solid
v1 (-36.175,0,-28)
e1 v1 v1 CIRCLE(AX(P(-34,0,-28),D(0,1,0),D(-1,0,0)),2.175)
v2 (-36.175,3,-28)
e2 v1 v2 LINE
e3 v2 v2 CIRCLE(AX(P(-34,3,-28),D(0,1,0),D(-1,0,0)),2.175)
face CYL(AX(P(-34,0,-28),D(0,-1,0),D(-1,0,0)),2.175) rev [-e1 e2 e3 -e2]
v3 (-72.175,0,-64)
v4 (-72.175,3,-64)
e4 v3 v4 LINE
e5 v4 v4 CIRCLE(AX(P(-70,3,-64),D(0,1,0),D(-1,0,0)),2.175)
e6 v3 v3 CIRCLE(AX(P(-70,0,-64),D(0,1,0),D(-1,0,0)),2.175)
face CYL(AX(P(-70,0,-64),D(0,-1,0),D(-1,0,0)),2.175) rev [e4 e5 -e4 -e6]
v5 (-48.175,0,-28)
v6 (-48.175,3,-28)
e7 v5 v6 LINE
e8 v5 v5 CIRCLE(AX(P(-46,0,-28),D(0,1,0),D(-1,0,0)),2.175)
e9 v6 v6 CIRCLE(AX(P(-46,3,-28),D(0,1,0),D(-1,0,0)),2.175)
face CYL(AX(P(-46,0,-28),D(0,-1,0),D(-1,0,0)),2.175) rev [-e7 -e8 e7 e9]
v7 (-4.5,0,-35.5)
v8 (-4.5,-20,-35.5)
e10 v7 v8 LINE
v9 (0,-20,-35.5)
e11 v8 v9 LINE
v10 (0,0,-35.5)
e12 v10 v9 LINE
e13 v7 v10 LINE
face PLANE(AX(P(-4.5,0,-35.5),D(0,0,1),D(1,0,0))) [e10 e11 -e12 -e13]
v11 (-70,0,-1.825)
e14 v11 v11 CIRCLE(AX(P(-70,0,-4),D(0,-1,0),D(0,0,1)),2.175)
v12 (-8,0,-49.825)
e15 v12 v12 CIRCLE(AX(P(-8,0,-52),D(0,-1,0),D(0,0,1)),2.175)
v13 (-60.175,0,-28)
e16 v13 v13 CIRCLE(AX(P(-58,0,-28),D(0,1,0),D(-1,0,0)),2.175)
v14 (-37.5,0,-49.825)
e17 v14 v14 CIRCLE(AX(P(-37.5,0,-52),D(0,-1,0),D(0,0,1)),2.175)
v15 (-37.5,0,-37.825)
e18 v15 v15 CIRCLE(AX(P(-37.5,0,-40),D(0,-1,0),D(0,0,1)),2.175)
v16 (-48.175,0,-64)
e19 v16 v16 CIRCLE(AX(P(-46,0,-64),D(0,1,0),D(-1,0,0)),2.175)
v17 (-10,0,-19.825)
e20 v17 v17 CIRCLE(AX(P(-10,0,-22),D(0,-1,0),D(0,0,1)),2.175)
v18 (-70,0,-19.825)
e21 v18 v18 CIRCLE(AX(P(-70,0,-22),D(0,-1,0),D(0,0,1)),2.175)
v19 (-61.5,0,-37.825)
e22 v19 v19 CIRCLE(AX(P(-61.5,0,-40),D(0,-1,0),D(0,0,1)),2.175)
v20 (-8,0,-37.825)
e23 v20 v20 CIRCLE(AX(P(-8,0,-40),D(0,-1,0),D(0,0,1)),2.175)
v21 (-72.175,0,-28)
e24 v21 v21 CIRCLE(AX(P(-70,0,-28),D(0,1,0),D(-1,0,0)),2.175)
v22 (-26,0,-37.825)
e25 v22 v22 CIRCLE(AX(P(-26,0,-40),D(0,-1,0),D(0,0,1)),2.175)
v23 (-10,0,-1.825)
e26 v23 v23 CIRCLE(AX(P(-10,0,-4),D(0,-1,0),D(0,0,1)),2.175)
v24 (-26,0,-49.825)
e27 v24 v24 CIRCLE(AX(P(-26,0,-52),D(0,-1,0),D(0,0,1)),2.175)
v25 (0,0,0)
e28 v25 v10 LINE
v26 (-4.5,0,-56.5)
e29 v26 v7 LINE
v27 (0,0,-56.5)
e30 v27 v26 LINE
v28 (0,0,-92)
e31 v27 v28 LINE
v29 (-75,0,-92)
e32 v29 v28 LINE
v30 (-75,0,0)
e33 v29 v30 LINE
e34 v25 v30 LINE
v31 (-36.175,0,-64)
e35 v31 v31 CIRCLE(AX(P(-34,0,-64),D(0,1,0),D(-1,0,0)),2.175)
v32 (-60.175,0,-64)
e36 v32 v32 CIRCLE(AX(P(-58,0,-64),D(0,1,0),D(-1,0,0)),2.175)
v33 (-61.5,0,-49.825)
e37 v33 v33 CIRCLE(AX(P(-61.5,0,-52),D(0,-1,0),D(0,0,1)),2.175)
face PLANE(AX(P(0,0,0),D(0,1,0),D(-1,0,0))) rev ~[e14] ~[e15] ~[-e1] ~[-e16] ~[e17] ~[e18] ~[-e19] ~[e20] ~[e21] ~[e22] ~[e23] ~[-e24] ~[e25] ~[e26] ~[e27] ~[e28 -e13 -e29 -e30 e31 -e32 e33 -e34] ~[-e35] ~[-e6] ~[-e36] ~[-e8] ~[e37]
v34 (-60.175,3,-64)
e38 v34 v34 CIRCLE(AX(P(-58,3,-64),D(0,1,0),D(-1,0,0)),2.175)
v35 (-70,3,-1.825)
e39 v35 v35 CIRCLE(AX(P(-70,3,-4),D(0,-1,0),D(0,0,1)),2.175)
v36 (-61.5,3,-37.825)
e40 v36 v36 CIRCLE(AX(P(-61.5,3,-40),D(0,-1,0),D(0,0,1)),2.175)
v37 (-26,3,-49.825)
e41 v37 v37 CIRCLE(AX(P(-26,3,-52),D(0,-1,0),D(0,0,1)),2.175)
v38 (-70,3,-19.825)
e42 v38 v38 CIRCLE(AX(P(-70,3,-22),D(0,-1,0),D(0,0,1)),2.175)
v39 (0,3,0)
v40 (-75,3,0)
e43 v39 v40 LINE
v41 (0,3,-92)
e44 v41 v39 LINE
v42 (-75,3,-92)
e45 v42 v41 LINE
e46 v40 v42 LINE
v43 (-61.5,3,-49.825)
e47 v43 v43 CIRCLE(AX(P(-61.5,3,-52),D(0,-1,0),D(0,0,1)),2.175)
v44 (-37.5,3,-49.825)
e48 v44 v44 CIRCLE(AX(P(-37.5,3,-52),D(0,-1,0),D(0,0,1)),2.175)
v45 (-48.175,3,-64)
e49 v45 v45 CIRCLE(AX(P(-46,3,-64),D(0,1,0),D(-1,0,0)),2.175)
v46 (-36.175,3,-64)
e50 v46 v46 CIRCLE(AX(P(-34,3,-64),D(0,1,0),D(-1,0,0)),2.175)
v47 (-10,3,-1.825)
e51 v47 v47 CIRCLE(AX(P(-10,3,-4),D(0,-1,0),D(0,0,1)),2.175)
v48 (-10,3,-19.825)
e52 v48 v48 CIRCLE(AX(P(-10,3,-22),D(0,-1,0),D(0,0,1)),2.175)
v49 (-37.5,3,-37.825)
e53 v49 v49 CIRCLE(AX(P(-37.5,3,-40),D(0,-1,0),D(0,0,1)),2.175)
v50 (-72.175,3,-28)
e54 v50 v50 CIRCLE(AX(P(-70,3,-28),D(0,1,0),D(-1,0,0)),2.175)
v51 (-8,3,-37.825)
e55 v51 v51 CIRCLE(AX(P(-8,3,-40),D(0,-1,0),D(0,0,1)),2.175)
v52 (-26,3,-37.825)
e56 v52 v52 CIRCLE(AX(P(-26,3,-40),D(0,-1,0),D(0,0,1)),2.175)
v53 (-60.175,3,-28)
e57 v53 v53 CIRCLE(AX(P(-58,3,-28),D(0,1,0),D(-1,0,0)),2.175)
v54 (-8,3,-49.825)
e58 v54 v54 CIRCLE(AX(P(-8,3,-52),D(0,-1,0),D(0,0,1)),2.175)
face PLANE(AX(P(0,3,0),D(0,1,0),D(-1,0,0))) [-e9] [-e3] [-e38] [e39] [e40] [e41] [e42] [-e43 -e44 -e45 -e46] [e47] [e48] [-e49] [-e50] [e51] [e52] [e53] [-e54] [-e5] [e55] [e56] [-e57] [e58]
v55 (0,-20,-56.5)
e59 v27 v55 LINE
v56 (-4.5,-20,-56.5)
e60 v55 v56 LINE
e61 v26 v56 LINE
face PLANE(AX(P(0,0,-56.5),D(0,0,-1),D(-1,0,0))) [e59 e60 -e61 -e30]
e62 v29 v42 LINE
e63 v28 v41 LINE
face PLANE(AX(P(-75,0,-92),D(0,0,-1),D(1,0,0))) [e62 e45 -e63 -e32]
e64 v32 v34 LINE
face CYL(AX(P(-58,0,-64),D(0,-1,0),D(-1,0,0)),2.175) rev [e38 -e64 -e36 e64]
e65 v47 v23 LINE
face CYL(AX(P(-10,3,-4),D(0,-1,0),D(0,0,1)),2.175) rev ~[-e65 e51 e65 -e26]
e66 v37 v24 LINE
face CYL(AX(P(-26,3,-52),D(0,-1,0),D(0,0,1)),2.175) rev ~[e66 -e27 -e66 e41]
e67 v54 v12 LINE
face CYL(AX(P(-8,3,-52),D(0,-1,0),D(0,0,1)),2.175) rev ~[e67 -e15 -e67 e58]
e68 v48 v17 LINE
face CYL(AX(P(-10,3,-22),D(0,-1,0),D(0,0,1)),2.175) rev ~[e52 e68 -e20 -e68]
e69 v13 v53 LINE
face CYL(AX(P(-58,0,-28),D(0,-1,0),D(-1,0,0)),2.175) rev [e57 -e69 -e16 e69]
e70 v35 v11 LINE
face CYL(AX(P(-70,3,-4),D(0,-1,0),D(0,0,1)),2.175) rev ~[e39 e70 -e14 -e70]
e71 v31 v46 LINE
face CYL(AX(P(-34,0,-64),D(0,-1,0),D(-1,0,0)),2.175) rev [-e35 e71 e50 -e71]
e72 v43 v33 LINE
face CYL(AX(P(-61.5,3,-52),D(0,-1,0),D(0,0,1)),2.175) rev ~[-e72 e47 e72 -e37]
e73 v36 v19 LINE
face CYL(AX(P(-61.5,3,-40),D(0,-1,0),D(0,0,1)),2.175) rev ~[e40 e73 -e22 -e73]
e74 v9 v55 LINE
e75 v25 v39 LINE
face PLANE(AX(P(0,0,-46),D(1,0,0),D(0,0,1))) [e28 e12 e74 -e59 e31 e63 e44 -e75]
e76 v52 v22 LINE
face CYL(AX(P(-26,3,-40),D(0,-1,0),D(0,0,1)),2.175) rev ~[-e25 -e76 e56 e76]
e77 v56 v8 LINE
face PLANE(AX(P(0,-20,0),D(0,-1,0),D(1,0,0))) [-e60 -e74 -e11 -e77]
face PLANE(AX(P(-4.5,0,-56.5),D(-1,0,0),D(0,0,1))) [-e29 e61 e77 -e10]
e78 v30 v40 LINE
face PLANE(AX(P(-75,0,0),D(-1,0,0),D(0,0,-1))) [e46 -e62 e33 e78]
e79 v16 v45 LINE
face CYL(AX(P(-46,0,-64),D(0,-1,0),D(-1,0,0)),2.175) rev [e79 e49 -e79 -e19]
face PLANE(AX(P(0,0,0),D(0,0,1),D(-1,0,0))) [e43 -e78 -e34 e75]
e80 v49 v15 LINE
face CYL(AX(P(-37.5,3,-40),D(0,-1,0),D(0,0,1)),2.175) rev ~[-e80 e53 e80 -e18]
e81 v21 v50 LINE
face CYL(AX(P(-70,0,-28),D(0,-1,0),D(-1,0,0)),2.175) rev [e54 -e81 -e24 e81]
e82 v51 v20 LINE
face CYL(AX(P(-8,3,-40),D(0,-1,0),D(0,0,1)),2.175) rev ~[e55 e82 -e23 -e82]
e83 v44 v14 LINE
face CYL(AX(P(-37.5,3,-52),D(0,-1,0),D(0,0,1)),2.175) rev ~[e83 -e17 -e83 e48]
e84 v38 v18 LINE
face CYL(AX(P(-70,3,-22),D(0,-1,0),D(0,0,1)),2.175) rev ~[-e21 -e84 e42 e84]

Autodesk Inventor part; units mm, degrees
ref_plane "YZ Plane" through (0, 0, 0) normal (1, 0, 0) x (0, 1, 0)
ref_plane "XZ Plane" through (0, 0, 0) normal (0, 1, 0) x (-1, 0, 0)
ref_plane "XY Plane" through (0, 0, 0) normal (0, 0, 1) x (1, 0, 0)
sketch "Sketch1" plane through (0, 0, 0) normal (0, 1, 0) x (-1, 0, 0)
  line L0 (0, 0) -> (75, 0)
  line L1 (75, 0) -> (75, -92)
  line L2 (75, -92) -> (0, -92)
  line L3 (0, -92) -> (0, 0)
  line L4 (75, -46) -> (0, -46)
  circle A0 centre (70, -64) radius 2.175
  circle A1 centre (70, -28) radius 2.175
  circle A2 centre (58, -28) radius 2.175
  circle A3 centre (58, -64) radius 2.175
  circle A4 centre (46, -28) radius 2.175
  circle A5 centre (46, -64) radius 2.175
  circle A6 centre (34, -28) radius 2.175
  circle A7 centre (34, -64) radius 2.175
  dimension "d0" = 75
  dimension "d1" = 92
  dimension "d6" = 4.35
  dimension "d7" = 18
  dimension "d8" = 4.35
  dimension "d9" = 18
  dimension "d10" = 4.35
  dimension "d11" = 12
  dimension "d12" = 4.35
  dimension "d13" = 4.35
  dimension "d14" = 12
  dimension "d15" = 4.35
  dimension "d16" = 4.35
  dimension "d17" = 12
  dimension "d18" = 4.35
  dimension "d19" = 12
  dimension "d20" = 12
  dimension "d21" = 12
extrude "Extrusion1" add sketch "Sketch1" along normal blind 3
sketch "Sketch3" plane through (0, 0, 0) normal (0, -1, 0) x (1, 0, 0)
  line L0 (0, 0) -> (0, -92) projected
  line L1 (-4.5, -46) -> (-75, -46)
  line L2 (-75, -92) -> (-75, 0) projected
  line L3 (0, -46) -> (0, -56.5)
  line L4 (0, -56.5) -> (-4.5, -56.5)
  line L5 (-4.5, -56.5) -> (-4.5, -35.5)
  line L6 (-4.5, -35.5) -> (0, -35.5)
  line L7 (0, -56.5) -> (0, -35.5)
  dimension "d24" = 10.5
  dimension "d25" = 4.5
  dimension "d26" = 21
extrude "Extrusion2" add sketch "Sketch3" along normal blind 20
sketch "Sketch5" plane through (0, 3, 0) normal (0, 1, 0) x (1, 0, 0)
  line L0 (0, 0) -> (0, 92) projected
  line L1 (0, 46) -> (-74.4781, 46)
  circle A0 centre (-8, 52) radius 2.175
  circle A1 centre (-8, 40) radius 2.175
  circle A2 centre (-26, 40) radius 2.175
  circle A3 centre (-26, 52) radius 2.175
  circle A4 centre (-61.5, 52) radius 2.175
  line L2 (-75, 92) -> (-75, 0) projected
  circle A5 centre (-61.5, 40) radius 2.175
  circle A6 centre (-37.5, 52) radius 2.175
  circle A7 centre (-37.5, 40) radius 2.175
  circle A8 centre (-70, 22) radius 2.175
  circle A9 centre (-70, 4) radius 2.175
  circle A10 centre (-70, 28) radius 2.175 projected
  circle A11 centre (-10, 4) radius 2.175
  circle A12 centre (-10, 22) radius 2.175
  line L3 (-75, 0) -> (0, 0) projected
  line L4 (-37.5, 0) -> (-37.5, 92)
  line L5 (0, 92) -> (-75, 92) projected
  dimension "d29" = 4.35
  dimension "d30" = 6
  dimension "d31" = 8
  dimension "d32" = 4.35
  dimension "d33" = 6
  dimension "d34" = 4.35
  dimension "d35" = 18
  dimension "d36" = 4.35
  dimension "d37" = 4.35
  dimension "d40" = 4.35
  dimension "d42" = 4.35
  dimension "d44" = 4.35
  dimension "d45" = 4.35
  dimension "d46" = 4.35
  dimension "d47" = 18
  dimension "d48" = 6
  dimension "d50" = 6
  dimension "d51" = 6
  dimension "d52" = 6
  dimension "d53" = 12
  dimension "d54" = 4.35
  dimension "d55" = 60
  dimension "d56" = 4.35
  dimension "d64" = 24
  dimension "d65" = 24
hole "Hole1" at (-70, 3, -4) at (-70, 3, -22) at (-61.5, 3, -40) at (-61.5, 3, -52) at (-37.5, 3, -52) at (-37.5, 3, -40) at (-26, 3, -40) at (-10, 3, -22) at (-10, 3, -4) at (-8, 3, -40) at (-26, 3, -52) at (-8, 3, -52) direction (0, -1, 0) diameter 4.35 end through all
properties part number "topChassis"
